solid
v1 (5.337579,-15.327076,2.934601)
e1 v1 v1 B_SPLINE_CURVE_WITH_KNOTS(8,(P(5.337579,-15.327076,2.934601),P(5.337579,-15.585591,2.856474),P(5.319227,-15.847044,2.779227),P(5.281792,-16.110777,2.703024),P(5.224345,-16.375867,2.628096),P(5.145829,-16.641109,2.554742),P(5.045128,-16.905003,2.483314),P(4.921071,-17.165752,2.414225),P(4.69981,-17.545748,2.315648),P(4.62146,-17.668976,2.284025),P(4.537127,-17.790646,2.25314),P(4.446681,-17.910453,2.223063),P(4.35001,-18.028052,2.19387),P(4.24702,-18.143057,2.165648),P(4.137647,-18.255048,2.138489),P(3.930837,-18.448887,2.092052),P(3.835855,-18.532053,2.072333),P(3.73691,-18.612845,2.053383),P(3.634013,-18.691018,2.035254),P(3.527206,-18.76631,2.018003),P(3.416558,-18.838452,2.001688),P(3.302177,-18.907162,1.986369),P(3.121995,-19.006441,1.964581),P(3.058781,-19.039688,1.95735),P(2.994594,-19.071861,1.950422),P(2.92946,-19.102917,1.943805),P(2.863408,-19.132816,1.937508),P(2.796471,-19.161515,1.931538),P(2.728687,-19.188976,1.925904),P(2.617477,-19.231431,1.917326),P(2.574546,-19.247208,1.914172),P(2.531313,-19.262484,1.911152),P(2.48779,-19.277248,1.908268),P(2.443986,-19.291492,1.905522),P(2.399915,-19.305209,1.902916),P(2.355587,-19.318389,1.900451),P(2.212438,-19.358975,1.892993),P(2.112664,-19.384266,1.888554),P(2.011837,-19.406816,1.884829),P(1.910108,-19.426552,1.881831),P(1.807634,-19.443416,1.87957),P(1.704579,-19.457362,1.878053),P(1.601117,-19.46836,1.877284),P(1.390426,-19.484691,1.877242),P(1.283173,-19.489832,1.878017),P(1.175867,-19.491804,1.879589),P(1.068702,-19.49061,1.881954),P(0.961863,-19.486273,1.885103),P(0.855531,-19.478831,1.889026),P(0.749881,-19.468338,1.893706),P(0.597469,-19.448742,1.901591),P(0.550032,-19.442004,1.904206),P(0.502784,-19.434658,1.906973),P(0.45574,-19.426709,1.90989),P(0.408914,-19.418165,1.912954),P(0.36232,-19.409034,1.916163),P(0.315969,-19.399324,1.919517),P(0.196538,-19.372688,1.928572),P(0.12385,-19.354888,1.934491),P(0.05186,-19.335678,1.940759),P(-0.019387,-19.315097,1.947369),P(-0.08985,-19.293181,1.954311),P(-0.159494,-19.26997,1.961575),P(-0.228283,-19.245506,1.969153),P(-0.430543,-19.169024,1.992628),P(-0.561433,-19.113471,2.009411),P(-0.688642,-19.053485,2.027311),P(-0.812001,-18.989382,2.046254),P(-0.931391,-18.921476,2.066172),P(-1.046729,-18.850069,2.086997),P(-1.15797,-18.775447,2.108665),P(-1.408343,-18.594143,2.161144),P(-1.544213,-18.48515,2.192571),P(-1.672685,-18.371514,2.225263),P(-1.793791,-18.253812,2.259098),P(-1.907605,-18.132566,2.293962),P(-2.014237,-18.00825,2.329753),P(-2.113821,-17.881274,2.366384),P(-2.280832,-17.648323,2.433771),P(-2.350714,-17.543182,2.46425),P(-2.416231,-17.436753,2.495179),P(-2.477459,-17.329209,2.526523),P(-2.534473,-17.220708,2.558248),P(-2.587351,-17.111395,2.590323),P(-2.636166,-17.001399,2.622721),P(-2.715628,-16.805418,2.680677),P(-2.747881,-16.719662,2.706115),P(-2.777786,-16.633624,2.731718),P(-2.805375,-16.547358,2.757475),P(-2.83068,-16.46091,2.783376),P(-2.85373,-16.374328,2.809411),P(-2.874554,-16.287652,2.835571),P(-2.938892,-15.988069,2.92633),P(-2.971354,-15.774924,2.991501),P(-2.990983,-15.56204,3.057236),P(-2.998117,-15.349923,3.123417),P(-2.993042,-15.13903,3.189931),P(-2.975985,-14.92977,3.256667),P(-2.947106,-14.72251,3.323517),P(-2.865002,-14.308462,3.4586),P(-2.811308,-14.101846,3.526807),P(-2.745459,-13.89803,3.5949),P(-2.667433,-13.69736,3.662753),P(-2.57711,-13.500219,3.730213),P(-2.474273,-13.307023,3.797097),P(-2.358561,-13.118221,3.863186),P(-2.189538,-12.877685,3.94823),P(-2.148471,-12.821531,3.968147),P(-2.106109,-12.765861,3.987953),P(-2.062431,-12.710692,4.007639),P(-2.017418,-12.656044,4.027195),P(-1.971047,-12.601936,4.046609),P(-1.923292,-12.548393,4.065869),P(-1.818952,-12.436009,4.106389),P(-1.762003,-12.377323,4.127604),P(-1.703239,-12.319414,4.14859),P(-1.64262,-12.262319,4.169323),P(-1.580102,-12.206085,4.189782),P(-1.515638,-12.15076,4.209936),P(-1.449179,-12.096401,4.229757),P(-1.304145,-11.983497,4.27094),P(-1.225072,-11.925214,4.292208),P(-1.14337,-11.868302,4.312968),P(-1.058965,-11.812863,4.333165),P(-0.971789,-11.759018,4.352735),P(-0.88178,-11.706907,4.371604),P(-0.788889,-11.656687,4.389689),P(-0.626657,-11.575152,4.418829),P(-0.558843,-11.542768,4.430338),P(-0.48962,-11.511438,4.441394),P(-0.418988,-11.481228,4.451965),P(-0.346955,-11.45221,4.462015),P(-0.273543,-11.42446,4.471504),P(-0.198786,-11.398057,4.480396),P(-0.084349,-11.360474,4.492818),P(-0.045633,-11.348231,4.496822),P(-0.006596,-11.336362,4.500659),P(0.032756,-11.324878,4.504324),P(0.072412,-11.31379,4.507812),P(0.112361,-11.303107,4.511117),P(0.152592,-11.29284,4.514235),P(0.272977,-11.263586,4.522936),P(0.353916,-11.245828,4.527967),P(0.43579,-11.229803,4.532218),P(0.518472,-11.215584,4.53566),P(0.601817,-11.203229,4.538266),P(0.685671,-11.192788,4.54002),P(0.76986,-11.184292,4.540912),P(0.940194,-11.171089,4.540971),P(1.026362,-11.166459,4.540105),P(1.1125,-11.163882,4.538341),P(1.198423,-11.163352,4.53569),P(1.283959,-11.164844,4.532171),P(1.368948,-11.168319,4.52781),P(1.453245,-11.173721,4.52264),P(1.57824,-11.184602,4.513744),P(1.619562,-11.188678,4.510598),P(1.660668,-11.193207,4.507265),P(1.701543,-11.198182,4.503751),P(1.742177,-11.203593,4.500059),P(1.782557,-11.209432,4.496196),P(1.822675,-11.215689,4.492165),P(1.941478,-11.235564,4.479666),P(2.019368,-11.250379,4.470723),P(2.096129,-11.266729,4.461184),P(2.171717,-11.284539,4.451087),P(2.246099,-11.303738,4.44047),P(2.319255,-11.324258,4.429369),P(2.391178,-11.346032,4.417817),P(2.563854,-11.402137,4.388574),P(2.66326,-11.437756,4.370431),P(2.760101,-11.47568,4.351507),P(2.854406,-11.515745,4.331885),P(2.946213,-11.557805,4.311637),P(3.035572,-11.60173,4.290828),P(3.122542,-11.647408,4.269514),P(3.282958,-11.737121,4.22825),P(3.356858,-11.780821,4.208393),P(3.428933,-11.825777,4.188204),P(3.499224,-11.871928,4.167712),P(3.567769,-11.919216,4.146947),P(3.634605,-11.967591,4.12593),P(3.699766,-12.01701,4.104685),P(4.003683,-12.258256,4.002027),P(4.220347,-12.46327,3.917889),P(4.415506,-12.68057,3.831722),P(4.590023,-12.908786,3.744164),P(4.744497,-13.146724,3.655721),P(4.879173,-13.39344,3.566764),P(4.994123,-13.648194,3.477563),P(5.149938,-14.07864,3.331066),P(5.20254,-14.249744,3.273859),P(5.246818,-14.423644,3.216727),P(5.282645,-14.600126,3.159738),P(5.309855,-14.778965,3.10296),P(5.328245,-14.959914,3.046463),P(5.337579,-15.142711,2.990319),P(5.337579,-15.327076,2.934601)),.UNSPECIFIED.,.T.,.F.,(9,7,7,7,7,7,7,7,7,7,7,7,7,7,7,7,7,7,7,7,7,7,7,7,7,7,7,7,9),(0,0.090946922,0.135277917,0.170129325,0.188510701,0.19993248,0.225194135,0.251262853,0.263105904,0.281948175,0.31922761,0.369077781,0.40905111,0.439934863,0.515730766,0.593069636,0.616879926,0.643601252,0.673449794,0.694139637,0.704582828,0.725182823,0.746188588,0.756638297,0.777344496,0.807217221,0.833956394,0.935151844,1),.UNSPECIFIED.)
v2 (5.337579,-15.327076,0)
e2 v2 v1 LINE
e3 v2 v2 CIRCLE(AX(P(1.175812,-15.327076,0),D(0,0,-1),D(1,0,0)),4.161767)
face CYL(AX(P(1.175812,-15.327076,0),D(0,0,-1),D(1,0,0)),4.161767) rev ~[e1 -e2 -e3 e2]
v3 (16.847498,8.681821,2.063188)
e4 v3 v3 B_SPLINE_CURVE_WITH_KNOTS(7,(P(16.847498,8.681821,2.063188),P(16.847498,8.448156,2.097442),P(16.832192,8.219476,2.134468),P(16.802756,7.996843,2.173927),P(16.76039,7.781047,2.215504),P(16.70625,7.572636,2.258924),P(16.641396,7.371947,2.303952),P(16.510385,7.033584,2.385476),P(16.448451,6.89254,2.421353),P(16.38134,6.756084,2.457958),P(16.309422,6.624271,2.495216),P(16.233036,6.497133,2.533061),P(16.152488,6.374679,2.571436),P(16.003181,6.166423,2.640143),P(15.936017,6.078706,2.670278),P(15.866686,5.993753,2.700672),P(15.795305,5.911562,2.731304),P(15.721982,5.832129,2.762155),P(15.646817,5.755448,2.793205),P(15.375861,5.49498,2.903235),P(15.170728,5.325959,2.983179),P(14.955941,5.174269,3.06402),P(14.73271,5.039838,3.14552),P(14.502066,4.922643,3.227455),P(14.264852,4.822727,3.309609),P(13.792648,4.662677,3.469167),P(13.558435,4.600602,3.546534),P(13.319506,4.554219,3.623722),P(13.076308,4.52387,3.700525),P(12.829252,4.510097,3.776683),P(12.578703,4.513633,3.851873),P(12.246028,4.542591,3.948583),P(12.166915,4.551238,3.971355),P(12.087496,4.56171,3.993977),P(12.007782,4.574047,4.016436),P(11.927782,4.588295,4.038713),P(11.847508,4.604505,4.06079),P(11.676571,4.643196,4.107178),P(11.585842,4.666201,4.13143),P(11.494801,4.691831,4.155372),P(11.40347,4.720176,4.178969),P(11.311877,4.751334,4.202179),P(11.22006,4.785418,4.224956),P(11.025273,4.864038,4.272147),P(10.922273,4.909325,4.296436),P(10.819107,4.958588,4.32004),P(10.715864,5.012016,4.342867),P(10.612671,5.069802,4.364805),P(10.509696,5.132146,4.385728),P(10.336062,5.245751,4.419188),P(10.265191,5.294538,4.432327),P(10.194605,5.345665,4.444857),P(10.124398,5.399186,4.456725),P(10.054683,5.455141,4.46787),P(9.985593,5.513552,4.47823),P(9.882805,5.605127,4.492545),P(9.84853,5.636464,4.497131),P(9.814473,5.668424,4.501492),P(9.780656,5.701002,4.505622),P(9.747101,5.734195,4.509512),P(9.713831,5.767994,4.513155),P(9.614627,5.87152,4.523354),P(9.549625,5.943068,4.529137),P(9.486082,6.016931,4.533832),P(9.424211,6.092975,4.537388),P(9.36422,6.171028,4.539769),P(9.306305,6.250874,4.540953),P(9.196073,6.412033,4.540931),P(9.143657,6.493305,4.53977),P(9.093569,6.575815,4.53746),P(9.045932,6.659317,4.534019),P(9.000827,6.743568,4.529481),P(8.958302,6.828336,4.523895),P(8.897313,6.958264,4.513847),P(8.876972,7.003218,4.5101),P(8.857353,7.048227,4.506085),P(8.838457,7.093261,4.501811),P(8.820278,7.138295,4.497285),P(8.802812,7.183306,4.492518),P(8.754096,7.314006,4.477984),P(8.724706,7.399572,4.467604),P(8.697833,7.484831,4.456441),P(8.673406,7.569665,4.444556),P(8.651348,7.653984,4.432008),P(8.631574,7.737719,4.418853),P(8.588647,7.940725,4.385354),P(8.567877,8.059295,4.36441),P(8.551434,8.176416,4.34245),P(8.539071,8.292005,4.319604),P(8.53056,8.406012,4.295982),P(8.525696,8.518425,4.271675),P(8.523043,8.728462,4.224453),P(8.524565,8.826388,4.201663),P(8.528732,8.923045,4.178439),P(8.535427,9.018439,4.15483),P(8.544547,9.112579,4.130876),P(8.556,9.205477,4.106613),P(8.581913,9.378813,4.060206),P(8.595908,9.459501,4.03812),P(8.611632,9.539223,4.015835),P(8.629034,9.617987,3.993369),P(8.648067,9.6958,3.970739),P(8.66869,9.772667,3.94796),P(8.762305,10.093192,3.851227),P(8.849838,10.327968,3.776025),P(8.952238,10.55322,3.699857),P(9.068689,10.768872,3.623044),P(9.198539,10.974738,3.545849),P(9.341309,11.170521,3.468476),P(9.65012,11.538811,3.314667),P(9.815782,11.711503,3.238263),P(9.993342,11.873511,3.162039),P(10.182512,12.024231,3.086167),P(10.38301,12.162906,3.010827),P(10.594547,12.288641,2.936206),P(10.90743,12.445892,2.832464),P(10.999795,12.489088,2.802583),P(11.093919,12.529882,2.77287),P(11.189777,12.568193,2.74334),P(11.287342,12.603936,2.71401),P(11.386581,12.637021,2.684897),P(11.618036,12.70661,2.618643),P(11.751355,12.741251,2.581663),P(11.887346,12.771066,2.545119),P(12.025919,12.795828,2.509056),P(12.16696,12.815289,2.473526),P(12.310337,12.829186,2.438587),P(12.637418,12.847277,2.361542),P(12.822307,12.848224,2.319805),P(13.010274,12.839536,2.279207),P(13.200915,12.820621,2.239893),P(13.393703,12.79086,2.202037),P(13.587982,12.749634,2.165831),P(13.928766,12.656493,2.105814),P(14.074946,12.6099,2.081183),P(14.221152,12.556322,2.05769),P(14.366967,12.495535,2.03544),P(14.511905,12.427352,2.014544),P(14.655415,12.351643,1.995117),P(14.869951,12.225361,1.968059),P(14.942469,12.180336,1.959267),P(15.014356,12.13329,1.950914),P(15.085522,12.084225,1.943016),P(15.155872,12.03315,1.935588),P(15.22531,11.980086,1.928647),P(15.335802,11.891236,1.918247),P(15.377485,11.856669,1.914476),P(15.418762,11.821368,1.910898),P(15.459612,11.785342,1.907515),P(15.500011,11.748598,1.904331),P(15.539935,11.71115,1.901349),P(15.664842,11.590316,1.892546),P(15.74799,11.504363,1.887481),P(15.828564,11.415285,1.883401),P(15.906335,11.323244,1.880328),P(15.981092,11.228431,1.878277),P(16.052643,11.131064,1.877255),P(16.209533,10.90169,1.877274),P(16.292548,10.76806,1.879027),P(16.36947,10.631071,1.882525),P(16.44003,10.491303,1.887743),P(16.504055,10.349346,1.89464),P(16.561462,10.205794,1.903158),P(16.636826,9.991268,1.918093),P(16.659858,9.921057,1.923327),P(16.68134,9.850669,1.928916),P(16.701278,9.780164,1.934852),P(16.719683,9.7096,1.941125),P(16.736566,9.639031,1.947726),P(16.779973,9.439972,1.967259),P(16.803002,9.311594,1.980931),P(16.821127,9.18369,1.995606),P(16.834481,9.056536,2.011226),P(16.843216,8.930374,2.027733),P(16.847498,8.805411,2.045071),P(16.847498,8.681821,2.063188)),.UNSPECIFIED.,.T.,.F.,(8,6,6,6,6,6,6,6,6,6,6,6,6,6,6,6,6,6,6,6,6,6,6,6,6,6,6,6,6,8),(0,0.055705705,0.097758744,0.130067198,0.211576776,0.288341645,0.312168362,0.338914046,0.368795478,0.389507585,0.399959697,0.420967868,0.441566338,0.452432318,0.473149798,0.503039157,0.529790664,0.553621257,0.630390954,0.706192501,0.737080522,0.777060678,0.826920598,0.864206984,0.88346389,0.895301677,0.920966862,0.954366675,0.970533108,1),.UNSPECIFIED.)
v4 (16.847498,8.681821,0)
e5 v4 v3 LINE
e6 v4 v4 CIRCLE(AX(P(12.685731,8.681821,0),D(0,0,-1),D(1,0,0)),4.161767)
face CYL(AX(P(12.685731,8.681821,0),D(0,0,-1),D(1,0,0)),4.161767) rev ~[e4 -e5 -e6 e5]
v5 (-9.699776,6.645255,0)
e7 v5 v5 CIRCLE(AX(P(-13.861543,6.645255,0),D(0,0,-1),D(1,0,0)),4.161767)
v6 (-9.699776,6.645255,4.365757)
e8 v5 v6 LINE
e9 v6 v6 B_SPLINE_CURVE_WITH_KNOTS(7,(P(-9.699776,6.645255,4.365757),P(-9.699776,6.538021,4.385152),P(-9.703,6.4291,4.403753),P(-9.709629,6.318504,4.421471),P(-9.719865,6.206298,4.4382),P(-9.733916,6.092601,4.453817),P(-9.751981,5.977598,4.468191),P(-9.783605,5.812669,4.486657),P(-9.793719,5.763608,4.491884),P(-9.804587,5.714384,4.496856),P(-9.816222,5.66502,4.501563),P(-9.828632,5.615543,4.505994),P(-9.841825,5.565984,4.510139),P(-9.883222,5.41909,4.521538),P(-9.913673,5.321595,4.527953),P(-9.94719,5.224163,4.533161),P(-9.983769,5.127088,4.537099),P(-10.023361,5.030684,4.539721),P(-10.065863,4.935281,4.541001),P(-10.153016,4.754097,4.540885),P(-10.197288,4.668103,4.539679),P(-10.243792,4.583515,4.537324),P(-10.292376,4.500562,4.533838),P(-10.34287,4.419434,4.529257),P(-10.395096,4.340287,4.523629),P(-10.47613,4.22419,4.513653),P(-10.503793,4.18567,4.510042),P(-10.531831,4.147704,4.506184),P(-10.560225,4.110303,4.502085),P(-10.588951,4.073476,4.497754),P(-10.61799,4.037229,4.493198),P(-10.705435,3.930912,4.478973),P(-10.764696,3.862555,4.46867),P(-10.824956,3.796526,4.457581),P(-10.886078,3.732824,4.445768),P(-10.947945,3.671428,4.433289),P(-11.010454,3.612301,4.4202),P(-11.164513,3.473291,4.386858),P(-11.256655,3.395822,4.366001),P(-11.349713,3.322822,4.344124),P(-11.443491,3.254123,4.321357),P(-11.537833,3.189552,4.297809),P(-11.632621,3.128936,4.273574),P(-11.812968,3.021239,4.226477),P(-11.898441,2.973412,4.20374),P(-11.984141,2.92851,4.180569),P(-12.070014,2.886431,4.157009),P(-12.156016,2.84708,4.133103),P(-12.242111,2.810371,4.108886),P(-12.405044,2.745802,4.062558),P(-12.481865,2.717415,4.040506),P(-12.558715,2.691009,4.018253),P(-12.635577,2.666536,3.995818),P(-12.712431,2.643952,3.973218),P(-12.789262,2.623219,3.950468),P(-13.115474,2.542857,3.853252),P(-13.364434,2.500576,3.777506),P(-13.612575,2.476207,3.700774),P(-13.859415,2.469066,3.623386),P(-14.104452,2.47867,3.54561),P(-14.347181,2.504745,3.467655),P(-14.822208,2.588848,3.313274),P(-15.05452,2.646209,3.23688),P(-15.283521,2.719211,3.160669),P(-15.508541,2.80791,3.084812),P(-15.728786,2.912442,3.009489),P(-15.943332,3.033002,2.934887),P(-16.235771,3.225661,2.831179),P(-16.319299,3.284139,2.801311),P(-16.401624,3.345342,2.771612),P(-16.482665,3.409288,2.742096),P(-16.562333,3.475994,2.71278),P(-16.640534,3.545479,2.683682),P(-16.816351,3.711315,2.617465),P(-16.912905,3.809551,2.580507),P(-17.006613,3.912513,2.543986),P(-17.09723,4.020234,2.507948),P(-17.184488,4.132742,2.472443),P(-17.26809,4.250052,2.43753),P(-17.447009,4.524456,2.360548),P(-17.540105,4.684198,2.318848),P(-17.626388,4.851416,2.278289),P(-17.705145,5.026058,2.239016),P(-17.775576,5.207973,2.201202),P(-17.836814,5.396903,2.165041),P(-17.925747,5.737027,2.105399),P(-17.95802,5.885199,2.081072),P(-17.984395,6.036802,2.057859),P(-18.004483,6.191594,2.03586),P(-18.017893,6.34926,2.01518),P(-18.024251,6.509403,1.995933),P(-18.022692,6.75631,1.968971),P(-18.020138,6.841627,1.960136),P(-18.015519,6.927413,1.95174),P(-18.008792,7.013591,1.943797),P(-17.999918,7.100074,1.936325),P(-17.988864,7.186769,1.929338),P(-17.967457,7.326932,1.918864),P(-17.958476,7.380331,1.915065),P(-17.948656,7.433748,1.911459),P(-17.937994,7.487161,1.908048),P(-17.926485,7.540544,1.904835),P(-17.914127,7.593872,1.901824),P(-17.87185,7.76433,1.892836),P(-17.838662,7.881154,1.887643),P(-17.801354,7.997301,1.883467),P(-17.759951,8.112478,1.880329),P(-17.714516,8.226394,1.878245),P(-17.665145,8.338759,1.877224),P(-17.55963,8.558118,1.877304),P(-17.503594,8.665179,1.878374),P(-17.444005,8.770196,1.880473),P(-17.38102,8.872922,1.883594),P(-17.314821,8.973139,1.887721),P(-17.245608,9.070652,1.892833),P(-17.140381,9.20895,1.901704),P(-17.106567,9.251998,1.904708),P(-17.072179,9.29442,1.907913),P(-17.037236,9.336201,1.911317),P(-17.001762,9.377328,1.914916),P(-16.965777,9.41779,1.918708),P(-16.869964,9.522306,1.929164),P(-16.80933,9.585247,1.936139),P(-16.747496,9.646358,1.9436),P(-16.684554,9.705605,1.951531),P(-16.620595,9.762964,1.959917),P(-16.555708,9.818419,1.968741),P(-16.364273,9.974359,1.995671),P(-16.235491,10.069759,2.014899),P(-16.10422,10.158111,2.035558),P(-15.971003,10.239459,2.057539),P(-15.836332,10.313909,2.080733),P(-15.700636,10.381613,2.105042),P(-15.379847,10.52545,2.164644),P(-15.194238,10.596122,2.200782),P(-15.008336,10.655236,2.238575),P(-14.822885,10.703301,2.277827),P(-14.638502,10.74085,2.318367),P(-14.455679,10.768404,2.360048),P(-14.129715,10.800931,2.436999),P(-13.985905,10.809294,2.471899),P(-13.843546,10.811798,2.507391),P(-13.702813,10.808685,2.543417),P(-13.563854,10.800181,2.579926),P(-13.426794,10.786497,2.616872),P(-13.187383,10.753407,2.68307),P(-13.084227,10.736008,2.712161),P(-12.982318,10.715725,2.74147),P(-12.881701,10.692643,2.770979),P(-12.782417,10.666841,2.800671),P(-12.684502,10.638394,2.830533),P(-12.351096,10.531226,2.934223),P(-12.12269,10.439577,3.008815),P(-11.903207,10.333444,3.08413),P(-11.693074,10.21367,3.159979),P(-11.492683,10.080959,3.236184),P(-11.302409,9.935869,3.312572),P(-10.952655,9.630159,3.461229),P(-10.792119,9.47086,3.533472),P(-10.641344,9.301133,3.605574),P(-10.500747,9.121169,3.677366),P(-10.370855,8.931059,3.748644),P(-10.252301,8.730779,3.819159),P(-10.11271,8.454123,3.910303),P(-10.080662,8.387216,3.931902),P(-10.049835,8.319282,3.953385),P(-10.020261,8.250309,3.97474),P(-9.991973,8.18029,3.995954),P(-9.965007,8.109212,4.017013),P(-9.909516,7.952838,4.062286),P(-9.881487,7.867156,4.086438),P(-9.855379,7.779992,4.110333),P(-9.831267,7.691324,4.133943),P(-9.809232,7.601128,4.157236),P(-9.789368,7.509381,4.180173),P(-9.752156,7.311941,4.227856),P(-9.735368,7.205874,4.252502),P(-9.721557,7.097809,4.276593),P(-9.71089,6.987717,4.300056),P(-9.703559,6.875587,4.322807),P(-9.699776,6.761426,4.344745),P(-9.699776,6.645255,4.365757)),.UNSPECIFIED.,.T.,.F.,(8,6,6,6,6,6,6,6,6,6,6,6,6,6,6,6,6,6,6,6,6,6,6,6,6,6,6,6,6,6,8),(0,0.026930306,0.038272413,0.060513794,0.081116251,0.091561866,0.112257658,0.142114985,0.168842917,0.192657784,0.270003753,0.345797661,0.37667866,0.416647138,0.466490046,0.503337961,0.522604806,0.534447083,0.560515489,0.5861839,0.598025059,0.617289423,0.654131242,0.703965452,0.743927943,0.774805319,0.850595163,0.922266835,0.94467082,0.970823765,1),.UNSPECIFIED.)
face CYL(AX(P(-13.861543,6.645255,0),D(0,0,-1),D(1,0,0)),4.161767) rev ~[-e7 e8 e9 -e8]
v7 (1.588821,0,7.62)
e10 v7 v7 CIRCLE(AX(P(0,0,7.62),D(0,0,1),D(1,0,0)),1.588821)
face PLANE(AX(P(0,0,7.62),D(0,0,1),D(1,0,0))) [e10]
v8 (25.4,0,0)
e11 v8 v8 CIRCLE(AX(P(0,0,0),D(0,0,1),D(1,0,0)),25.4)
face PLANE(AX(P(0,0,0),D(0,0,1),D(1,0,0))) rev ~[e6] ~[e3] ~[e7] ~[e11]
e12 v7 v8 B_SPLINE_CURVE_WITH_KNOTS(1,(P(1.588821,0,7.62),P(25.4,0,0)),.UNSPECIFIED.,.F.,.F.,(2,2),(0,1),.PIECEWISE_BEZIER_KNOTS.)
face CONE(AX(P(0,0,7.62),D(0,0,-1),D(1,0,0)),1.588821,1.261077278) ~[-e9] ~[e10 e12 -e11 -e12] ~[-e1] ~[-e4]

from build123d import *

# Parameters (mm, degrees)
F1_R     = 1.588821
F2_R     = 25.4
F4_R     = 4.161767
F5_DEPTH = 25.4


with BuildPart() as f3:
    # F1 (on offset) → F3 section 0
    with BuildSketch(Plane.XY.offset(7.62)):
        Circle(F1_R)
    # F2 (on Top) → F3 section 1
    with BuildSketch(Plane.XY):
        Circle(F2_R)
    loft()

    # F4 (on face) → F5 (cut)
    with BuildSketch(Plane(origin=(0, 0, 0), x_dir=(1, 0, 0), z_dir=(0, 0, -1))):
        with Locations((-13.861543, -6.645255)):
            Circle(F4_R)
        with Locations((1.175812, 15.327076)):
            Circle(F4_R)
        with Locations((12.685731, -8.681821)):
            Circle(F4_R)
    extrude(amount=-F5_DEPTH, mode=Mode.SUBTRACT)


solid = f3.part
